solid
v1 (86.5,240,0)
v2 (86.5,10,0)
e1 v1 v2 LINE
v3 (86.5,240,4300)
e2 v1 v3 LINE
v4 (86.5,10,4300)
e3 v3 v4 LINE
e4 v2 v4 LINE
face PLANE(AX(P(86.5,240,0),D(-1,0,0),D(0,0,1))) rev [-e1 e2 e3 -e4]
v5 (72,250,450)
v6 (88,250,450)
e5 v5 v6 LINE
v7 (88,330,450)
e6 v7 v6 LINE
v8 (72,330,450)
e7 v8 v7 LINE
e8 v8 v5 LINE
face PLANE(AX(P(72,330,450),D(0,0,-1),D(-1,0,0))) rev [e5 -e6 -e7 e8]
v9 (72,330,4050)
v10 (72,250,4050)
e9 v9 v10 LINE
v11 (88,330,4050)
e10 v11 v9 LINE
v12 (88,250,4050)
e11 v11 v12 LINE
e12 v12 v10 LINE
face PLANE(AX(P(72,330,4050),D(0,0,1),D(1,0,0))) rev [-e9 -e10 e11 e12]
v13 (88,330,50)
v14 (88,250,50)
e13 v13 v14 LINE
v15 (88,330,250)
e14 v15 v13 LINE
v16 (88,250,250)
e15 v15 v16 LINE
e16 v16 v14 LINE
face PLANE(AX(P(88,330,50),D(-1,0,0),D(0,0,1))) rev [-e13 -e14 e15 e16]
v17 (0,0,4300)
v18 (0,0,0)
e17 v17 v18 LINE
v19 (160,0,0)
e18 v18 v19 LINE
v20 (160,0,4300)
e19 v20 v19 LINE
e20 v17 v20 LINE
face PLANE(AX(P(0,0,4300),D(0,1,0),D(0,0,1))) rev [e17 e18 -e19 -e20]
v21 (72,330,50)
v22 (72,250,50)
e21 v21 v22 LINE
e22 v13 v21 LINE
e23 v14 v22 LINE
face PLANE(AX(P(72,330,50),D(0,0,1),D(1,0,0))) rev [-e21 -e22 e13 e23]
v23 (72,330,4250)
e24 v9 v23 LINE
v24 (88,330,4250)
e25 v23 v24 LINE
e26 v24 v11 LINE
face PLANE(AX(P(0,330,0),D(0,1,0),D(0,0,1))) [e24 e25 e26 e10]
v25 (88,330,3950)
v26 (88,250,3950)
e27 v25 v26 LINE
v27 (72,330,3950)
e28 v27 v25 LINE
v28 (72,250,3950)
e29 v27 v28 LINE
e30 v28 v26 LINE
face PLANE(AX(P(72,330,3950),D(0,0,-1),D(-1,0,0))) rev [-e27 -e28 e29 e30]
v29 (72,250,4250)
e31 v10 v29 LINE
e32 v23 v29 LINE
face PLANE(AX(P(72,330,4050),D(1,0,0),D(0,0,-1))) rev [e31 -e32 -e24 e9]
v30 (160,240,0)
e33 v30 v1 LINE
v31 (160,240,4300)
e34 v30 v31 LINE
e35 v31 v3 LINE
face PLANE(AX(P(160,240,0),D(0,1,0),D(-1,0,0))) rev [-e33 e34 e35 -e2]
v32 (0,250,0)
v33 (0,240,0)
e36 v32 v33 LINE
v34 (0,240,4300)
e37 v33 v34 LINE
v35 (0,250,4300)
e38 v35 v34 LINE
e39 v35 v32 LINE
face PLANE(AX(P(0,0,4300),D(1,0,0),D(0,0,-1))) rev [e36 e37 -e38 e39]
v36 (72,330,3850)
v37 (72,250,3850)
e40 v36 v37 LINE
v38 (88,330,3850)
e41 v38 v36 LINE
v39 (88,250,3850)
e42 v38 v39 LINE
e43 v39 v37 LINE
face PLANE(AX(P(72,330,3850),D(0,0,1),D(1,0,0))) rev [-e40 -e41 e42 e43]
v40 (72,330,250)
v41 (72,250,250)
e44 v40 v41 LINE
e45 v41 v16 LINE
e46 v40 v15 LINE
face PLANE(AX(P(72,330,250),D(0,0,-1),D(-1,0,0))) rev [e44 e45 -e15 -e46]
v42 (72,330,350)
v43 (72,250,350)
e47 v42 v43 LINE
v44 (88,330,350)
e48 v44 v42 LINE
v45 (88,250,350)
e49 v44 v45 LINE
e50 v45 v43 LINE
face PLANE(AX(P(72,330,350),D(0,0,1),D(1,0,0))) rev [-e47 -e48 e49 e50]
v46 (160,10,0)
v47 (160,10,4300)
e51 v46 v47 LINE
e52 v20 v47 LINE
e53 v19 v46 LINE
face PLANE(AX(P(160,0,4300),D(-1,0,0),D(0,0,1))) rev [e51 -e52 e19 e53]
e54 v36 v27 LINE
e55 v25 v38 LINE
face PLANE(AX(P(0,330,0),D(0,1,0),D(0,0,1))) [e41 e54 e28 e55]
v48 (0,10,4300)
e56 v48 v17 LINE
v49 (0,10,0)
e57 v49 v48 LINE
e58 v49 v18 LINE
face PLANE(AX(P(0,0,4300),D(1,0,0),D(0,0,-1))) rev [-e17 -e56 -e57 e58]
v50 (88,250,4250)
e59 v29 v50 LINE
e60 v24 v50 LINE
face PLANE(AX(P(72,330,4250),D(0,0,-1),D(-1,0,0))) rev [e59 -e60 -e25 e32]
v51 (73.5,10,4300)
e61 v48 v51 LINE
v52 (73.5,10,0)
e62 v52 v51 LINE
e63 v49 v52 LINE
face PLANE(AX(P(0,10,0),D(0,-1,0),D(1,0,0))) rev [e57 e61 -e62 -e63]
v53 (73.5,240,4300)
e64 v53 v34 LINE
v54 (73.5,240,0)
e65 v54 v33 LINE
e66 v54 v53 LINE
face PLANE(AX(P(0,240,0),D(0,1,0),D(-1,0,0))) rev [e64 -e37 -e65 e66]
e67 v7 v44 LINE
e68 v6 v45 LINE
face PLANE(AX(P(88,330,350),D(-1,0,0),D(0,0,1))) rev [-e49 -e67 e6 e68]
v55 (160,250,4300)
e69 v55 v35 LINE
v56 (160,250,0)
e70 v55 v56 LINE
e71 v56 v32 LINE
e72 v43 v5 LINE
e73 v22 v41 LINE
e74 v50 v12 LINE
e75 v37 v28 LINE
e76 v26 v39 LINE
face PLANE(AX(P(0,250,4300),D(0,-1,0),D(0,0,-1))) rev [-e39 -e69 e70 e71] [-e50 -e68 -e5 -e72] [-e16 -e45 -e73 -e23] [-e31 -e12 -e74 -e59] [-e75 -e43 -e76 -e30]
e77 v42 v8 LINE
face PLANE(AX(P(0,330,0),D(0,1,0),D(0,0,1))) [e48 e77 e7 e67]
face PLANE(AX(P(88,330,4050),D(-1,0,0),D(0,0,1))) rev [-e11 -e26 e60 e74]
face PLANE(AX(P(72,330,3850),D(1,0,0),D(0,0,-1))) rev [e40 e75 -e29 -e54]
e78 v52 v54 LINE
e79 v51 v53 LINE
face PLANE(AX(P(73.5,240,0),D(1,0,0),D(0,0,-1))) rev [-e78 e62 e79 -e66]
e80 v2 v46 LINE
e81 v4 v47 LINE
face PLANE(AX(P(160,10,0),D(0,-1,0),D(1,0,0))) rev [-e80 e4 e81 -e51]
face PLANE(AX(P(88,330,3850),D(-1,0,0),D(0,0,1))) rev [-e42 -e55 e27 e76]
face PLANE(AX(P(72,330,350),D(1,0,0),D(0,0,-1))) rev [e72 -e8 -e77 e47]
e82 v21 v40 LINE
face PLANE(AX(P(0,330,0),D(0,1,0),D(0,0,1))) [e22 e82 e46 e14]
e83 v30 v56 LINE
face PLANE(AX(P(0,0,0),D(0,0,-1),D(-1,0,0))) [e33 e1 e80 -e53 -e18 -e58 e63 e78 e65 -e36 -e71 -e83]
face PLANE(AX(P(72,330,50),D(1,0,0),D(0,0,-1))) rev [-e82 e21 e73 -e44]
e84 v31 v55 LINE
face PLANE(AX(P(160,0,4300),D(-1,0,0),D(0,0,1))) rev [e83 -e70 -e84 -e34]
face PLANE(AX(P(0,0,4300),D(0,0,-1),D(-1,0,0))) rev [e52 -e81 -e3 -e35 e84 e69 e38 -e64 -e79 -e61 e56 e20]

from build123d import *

# Parameters (mm, degrees)
SKETCH_2_W          = 160
SKETCH_2_H          = 250
EXTRUDE_1_DEPTH     = 4300
SKETCH_3_W          = 73.5
SKETCH_3_H          = 230
CUT_EXTRUDE_1_DEPTH = 4311.232012317
SKETCH_4_W          = 16
SKETCH_4_H          = 200
SKETCH_4_H_2        = 100
EXTRUDE_2_DEPTH     = 80


with BuildPart() as part:
    # 草图2 → 凸台-拉伸1 (new body)
    with BuildSketch(Plane.XY):
        with Locations((80, 125)):
            Rectangle(SKETCH_2_W, SKETCH_2_H)
    extrude(amount=EXTRUDE_1_DEPTH)

    # 草图3 → 切除-拉伸1 (cut, through all)
    with BuildSketch(Plane.XY.offset(4300)):
        with Locations((123.25, 125)):
            Rectangle(SKETCH_3_W, SKETCH_3_H)
        with Locations((36.75, 125)):
            Rectangle(SKETCH_3_W, SKETCH_3_H)
    extrude(amount=-CUT_EXTRUDE_1_DEPTH, mode=Mode.SUBTRACT)

    # 草图4 → 凸台-拉伸2 (add)
    with BuildSketch(Plane(origin=(0, 250, 0), x_dir=(1, 0, 0), z_dir=(0, 1, 0))):
        with Locations((80, -150)):
            Rectangle(SKETCH_4_W, SKETCH_4_H)
        with Locations((80, -400)):
            Rectangle(SKETCH_4_W, SKETCH_4_H_2)
        with Locations((80, -4150)):
            Rectangle(SKETCH_4_W, SKETCH_4_H)
        with Locations((80, -3900)):
            Rectangle(SKETCH_4_W, SKETCH_4_H_2)
    extrude(amount=EXTRUDE_2_DEPTH)


solid = part.part
